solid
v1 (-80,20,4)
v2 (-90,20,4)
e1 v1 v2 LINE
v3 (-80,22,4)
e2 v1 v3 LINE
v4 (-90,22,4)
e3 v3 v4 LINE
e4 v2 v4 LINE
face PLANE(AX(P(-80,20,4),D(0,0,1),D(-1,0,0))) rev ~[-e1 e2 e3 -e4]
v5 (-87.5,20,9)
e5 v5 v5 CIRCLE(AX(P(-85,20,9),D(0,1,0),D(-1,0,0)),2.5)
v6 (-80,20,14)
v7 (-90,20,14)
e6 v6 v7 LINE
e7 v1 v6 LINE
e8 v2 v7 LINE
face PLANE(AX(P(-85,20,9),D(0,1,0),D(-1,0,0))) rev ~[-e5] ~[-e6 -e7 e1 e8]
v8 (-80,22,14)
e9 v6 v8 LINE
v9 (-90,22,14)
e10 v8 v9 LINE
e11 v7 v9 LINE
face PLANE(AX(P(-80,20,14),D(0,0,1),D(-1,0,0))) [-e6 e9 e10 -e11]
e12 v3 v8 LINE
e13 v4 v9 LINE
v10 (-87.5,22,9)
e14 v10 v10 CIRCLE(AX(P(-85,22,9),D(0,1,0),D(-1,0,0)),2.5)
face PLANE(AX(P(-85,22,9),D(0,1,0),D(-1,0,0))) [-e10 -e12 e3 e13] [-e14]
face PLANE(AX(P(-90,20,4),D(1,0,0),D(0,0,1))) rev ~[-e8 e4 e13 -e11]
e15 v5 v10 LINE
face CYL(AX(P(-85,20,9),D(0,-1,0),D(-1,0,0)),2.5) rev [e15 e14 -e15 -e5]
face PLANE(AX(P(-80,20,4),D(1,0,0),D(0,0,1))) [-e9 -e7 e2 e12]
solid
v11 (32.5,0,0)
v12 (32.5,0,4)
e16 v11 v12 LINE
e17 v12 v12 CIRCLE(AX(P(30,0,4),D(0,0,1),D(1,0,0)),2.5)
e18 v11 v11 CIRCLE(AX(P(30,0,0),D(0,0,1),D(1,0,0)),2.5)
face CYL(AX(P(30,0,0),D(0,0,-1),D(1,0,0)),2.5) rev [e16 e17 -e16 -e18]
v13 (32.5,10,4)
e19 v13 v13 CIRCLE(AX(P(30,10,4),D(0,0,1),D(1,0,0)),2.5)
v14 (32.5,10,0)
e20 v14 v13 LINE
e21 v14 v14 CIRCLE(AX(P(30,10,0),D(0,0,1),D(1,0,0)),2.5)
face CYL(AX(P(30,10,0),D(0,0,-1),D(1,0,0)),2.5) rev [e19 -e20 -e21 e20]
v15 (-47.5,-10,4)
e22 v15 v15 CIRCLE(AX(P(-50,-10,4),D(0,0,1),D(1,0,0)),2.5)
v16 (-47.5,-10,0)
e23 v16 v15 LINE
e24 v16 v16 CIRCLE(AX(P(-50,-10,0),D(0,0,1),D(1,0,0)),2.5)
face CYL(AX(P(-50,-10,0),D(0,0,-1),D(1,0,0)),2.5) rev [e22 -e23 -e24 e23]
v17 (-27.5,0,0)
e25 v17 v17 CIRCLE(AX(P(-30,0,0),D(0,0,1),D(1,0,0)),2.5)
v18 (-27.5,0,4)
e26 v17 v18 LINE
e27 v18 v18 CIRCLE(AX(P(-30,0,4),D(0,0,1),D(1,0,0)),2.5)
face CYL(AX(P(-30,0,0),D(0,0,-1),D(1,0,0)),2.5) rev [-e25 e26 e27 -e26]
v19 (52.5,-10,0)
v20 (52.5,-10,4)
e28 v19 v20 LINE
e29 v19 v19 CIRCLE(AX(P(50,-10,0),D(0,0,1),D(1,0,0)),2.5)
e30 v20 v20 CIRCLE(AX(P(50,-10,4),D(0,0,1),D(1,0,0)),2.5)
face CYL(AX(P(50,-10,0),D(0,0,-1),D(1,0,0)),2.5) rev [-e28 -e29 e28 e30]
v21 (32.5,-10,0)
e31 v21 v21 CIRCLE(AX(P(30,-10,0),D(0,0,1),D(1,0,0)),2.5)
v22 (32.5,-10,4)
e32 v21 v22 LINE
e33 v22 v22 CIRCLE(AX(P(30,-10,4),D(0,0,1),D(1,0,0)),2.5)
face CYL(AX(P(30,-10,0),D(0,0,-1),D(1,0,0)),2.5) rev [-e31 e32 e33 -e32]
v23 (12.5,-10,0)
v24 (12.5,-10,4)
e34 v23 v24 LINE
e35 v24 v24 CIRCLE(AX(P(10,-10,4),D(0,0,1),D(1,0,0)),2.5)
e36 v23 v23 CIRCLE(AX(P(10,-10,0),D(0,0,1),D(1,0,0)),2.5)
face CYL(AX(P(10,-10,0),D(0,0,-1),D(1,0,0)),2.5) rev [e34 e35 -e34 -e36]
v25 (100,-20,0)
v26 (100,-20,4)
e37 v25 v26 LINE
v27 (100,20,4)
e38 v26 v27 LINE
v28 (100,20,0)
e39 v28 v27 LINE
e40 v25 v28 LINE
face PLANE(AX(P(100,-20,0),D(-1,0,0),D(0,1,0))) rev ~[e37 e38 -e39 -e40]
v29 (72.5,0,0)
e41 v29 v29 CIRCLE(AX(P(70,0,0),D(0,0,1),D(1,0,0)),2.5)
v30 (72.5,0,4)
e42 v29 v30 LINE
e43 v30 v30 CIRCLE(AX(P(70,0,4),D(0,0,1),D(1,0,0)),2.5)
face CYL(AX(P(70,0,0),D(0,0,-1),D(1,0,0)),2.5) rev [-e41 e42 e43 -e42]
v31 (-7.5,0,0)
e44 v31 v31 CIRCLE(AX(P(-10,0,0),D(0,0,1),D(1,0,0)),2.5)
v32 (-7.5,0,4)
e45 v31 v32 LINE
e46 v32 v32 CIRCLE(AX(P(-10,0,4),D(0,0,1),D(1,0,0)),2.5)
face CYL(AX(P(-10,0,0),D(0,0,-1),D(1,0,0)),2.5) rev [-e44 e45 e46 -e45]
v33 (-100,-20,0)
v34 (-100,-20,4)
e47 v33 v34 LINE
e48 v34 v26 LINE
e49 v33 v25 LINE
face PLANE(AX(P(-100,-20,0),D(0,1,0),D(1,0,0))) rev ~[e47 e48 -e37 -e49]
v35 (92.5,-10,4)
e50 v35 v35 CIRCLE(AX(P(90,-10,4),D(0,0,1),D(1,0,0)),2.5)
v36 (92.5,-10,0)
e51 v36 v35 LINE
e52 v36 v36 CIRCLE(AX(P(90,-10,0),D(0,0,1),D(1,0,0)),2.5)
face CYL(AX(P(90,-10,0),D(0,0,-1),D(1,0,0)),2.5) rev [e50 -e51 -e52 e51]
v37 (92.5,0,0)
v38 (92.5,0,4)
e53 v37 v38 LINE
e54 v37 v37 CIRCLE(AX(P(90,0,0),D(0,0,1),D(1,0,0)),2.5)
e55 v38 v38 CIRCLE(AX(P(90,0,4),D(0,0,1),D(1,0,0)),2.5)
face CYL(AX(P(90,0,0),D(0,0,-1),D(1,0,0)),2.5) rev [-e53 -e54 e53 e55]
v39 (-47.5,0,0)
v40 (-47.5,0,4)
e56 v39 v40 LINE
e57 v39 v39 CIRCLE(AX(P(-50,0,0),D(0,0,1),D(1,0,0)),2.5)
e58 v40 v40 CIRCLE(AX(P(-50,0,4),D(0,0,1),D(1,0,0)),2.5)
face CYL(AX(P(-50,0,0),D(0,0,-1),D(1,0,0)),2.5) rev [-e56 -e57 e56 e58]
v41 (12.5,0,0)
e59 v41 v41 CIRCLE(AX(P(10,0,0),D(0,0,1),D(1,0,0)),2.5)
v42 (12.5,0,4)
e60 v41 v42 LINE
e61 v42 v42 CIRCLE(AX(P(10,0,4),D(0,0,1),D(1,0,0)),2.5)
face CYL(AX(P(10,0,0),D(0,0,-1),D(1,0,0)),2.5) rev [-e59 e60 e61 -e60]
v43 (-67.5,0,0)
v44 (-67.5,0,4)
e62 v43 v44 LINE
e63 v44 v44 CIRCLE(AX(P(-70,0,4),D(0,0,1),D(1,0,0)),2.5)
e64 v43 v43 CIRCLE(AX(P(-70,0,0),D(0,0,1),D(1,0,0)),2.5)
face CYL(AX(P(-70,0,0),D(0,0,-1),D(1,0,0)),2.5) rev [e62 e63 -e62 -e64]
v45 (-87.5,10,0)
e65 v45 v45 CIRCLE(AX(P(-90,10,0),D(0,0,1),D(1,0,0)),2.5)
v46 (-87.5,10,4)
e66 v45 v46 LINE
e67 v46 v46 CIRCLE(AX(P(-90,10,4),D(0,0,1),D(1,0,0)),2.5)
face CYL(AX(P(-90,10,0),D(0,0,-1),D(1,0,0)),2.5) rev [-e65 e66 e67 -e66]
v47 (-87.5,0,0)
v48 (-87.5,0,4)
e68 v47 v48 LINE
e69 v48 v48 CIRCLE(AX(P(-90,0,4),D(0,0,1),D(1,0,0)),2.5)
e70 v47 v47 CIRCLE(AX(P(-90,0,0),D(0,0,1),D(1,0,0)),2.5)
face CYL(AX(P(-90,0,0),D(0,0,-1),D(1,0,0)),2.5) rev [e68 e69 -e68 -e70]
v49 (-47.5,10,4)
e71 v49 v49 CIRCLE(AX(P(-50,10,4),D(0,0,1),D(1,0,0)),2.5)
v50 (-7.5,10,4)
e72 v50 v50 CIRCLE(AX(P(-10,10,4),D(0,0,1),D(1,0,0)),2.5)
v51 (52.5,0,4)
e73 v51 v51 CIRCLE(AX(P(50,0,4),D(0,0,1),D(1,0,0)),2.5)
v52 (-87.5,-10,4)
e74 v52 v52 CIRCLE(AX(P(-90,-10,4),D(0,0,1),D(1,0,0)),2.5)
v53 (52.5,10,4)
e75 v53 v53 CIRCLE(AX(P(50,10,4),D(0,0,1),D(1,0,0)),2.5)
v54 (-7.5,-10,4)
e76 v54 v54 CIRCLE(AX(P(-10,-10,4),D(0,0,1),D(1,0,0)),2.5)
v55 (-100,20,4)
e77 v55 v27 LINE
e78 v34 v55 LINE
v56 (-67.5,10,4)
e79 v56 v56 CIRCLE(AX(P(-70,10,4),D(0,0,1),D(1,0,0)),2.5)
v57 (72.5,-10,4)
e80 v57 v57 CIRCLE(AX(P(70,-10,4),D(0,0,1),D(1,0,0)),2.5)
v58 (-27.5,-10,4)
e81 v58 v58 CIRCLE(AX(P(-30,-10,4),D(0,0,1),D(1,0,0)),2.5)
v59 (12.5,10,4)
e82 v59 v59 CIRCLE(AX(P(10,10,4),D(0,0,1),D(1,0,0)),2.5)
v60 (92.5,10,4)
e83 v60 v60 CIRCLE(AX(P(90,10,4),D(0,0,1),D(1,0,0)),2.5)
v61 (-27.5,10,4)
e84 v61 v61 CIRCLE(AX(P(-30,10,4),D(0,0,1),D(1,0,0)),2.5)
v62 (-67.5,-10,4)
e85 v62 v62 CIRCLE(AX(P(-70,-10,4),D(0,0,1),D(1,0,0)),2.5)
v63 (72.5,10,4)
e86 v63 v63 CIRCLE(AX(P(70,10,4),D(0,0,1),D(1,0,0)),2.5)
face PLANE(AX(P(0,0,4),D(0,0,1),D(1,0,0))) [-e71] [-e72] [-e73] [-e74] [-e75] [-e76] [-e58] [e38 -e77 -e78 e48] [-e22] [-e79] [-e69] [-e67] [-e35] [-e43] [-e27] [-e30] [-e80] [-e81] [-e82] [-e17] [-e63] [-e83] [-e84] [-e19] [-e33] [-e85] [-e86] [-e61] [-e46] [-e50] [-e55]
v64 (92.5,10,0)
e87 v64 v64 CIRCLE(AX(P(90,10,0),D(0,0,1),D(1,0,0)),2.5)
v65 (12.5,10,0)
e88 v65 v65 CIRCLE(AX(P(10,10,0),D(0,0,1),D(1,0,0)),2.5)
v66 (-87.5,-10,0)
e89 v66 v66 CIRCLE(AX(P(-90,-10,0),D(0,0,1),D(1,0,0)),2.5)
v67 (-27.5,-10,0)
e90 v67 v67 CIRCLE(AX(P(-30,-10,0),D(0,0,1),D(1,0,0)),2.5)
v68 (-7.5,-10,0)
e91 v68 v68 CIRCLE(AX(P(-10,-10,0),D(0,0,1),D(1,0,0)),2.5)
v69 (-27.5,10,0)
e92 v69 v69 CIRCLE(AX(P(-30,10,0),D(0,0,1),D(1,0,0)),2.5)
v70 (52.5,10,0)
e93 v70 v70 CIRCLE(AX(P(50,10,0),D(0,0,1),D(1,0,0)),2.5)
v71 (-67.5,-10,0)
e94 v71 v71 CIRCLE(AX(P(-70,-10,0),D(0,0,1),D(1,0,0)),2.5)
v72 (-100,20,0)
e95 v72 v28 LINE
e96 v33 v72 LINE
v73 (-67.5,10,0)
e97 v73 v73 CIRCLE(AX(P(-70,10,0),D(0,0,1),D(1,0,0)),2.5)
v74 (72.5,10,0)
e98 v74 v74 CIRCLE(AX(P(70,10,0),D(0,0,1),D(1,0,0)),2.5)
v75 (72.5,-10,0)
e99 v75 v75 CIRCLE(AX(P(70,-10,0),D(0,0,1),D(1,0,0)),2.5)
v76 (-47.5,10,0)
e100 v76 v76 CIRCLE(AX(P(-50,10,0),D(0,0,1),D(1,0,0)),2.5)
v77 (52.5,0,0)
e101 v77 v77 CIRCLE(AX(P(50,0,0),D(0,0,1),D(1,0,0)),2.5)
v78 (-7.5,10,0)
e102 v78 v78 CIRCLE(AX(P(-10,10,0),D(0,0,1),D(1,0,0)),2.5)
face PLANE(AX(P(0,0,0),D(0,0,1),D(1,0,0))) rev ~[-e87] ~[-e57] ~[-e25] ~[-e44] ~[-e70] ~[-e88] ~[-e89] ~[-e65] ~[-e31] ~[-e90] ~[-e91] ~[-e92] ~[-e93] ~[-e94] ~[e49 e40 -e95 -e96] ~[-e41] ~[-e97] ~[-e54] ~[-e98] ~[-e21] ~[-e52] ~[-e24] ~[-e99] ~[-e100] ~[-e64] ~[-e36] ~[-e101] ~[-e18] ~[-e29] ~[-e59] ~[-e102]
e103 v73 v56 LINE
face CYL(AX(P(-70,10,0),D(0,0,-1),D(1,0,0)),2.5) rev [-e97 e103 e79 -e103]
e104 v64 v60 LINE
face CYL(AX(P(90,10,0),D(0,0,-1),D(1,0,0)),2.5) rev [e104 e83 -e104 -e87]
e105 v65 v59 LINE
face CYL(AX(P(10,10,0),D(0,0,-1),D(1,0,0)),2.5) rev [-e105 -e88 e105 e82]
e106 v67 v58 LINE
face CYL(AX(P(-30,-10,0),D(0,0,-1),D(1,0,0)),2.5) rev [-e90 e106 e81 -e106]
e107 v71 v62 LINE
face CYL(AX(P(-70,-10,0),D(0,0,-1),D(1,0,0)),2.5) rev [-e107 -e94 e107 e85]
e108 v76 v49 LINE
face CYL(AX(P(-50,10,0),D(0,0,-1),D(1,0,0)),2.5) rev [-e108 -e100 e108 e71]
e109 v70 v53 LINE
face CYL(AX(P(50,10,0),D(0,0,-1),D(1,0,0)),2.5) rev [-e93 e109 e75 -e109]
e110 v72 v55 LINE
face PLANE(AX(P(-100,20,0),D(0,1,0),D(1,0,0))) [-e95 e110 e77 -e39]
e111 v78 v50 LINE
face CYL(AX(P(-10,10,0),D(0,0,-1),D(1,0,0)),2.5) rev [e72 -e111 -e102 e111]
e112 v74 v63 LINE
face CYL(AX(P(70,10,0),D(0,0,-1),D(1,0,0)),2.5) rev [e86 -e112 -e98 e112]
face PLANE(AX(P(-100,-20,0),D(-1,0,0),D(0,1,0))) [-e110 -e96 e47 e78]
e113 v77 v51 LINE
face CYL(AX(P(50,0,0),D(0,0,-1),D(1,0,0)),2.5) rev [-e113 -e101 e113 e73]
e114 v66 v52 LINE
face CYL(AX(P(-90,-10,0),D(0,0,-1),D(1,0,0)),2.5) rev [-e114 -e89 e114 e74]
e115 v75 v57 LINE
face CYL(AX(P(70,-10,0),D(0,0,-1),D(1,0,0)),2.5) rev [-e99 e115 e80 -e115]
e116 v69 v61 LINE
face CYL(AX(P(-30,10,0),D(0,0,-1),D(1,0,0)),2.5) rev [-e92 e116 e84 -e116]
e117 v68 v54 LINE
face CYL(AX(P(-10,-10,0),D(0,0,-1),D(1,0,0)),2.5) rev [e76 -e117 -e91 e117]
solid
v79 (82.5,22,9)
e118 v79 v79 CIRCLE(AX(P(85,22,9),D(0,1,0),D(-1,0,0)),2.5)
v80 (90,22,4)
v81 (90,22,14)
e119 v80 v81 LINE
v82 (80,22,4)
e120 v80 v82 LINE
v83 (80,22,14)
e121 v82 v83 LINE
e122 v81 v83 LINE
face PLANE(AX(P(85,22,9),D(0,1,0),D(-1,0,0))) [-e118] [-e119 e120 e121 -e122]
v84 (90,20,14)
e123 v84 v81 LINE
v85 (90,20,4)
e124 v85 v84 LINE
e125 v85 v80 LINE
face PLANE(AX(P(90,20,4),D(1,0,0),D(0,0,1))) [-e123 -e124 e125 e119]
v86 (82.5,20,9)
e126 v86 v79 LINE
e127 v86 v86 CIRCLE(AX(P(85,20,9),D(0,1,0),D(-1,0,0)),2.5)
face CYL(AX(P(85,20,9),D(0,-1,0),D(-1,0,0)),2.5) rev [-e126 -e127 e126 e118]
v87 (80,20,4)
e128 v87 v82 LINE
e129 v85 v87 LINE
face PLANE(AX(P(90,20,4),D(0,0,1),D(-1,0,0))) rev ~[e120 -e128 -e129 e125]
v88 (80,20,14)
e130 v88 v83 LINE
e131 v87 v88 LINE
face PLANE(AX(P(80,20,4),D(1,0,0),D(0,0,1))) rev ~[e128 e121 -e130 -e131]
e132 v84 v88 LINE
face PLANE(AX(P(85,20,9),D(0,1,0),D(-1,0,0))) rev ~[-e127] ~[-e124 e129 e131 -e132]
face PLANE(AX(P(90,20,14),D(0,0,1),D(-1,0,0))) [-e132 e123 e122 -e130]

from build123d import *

# Parameters (mm, degrees)
F0_W     = 200
F0_H     = 40
F0_R     = 2.5
F1_DEPTH = 4
F2_W     = 10
F2_H     = 10
F2_R     = 2.5
F3_DEPTH = 2


with BuildPart() as f1:
    # F0 (on Top) → F1 (new body)
    with BuildSketch(Plane.XY):
        Rectangle(F0_W, F0_H)
        with Locations((-90, -10)):
            Circle(F0_R, mode=Mode.SUBTRACT)
        with Locations((-70, -10)):
            Circle(F0_R, mode=Mode.SUBTRACT)
        with Locations((-50, -10)):
            Circle(F0_R, mode=Mode.SUBTRACT)
        with Locations((-30, -10)):
            Circle(F0_R, mode=Mode.SUBTRACT)
        with Locations((-10, -10)):
            Circle(F0_R, mode=Mode.SUBTRACT)
        with Locations((10, -10)):
            Circle(F0_R, mode=Mode.SUBTRACT)
        with Locations((30, -10)):
            Circle(F0_R, mode=Mode.SUBTRACT)
        with Locations((50, -10)):
            Circle(F0_R, mode=Mode.SUBTRACT)
        with Locations((70, -10)):
            Circle(F0_R, mode=Mode.SUBTRACT)
        with Locations((90, -10)):
            Circle(F0_R, mode=Mode.SUBTRACT)
        with Locations((-90, 0)):
            Circle(F0_R, mode=Mode.SUBTRACT)
        with Locations((-70, 0)):
            Circle(F0_R, mode=Mode.SUBTRACT)
        with Locations((-50, 0)):
            Circle(F0_R, mode=Mode.SUBTRACT)
        with Locations((-30, 0)):
            Circle(F0_R, mode=Mode.SUBTRACT)
        with Locations((-10, 0)):
            Circle(F0_R, mode=Mode.SUBTRACT)
        with Locations((-90, 10)):
            Circle(F0_R, mode=Mode.SUBTRACT)
        with Locations((-70, 10)):
            Circle(F0_R, mode=Mode.SUBTRACT)
        with Locations((-50, 10)):
            Circle(F0_R, mode=Mode.SUBTRACT)
        with Locations((-30, 10)):
            Circle(F0_R, mode=Mode.SUBTRACT)
        with Locations((-10, 10)):
            Circle(F0_R, mode=Mode.SUBTRACT)
        with Locations((10, 0)):
            Circle(F0_R, mode=Mode.SUBTRACT)
        with Locations((30, 0)):
            Circle(F0_R, mode=Mode.SUBTRACT)
        with Locations((50, 0)):
            Circle(F0_R, mode=Mode.SUBTRACT)
        with Locations((70, 0)):
            Circle(F0_R, mode=Mode.SUBTRACT)
        with Locations((90, 0)):
            Circle(F0_R, mode=Mode.SUBTRACT)
        with Locations((10, 10)):
            Circle(F0_R, mode=Mode.SUBTRACT)
        with Locations((30, 10)):
            Circle(F0_R, mode=Mode.SUBTRACT)
        with Locations((50, 10)):
            Circle(F0_R, mode=Mode.SUBTRACT)
        with Locations((70, 10)):
            Circle(F0_R, mode=Mode.SUBTRACT)
        with Locations((90, 10)):
            Circle(F0_R, mode=Mode.SUBTRACT)
    extrude(amount=F1_DEPTH)


with BuildPart() as f3:
    # F2 (on face) → F3 (new body)
    with BuildSketch(Plane(origin=(0, 20, 0), x_dir=(-1, 0, 0), z_dir=(0, 1, 0))):
        with Locations((85, 9)):
            Rectangle(F2_W, F2_H)
        with Locations((85, 9)):
            Circle(F2_R, mode=Mode.SUBTRACT)
        with Locations((-85, 9)):
            Rectangle(F2_W, F2_H)
        with Locations((-85, 9)):
            Circle(F2_R, mode=Mode.SUBTRACT)
    extrude(amount=F3_DEPTH)


solid = Compound([f1.part, f3.part])
